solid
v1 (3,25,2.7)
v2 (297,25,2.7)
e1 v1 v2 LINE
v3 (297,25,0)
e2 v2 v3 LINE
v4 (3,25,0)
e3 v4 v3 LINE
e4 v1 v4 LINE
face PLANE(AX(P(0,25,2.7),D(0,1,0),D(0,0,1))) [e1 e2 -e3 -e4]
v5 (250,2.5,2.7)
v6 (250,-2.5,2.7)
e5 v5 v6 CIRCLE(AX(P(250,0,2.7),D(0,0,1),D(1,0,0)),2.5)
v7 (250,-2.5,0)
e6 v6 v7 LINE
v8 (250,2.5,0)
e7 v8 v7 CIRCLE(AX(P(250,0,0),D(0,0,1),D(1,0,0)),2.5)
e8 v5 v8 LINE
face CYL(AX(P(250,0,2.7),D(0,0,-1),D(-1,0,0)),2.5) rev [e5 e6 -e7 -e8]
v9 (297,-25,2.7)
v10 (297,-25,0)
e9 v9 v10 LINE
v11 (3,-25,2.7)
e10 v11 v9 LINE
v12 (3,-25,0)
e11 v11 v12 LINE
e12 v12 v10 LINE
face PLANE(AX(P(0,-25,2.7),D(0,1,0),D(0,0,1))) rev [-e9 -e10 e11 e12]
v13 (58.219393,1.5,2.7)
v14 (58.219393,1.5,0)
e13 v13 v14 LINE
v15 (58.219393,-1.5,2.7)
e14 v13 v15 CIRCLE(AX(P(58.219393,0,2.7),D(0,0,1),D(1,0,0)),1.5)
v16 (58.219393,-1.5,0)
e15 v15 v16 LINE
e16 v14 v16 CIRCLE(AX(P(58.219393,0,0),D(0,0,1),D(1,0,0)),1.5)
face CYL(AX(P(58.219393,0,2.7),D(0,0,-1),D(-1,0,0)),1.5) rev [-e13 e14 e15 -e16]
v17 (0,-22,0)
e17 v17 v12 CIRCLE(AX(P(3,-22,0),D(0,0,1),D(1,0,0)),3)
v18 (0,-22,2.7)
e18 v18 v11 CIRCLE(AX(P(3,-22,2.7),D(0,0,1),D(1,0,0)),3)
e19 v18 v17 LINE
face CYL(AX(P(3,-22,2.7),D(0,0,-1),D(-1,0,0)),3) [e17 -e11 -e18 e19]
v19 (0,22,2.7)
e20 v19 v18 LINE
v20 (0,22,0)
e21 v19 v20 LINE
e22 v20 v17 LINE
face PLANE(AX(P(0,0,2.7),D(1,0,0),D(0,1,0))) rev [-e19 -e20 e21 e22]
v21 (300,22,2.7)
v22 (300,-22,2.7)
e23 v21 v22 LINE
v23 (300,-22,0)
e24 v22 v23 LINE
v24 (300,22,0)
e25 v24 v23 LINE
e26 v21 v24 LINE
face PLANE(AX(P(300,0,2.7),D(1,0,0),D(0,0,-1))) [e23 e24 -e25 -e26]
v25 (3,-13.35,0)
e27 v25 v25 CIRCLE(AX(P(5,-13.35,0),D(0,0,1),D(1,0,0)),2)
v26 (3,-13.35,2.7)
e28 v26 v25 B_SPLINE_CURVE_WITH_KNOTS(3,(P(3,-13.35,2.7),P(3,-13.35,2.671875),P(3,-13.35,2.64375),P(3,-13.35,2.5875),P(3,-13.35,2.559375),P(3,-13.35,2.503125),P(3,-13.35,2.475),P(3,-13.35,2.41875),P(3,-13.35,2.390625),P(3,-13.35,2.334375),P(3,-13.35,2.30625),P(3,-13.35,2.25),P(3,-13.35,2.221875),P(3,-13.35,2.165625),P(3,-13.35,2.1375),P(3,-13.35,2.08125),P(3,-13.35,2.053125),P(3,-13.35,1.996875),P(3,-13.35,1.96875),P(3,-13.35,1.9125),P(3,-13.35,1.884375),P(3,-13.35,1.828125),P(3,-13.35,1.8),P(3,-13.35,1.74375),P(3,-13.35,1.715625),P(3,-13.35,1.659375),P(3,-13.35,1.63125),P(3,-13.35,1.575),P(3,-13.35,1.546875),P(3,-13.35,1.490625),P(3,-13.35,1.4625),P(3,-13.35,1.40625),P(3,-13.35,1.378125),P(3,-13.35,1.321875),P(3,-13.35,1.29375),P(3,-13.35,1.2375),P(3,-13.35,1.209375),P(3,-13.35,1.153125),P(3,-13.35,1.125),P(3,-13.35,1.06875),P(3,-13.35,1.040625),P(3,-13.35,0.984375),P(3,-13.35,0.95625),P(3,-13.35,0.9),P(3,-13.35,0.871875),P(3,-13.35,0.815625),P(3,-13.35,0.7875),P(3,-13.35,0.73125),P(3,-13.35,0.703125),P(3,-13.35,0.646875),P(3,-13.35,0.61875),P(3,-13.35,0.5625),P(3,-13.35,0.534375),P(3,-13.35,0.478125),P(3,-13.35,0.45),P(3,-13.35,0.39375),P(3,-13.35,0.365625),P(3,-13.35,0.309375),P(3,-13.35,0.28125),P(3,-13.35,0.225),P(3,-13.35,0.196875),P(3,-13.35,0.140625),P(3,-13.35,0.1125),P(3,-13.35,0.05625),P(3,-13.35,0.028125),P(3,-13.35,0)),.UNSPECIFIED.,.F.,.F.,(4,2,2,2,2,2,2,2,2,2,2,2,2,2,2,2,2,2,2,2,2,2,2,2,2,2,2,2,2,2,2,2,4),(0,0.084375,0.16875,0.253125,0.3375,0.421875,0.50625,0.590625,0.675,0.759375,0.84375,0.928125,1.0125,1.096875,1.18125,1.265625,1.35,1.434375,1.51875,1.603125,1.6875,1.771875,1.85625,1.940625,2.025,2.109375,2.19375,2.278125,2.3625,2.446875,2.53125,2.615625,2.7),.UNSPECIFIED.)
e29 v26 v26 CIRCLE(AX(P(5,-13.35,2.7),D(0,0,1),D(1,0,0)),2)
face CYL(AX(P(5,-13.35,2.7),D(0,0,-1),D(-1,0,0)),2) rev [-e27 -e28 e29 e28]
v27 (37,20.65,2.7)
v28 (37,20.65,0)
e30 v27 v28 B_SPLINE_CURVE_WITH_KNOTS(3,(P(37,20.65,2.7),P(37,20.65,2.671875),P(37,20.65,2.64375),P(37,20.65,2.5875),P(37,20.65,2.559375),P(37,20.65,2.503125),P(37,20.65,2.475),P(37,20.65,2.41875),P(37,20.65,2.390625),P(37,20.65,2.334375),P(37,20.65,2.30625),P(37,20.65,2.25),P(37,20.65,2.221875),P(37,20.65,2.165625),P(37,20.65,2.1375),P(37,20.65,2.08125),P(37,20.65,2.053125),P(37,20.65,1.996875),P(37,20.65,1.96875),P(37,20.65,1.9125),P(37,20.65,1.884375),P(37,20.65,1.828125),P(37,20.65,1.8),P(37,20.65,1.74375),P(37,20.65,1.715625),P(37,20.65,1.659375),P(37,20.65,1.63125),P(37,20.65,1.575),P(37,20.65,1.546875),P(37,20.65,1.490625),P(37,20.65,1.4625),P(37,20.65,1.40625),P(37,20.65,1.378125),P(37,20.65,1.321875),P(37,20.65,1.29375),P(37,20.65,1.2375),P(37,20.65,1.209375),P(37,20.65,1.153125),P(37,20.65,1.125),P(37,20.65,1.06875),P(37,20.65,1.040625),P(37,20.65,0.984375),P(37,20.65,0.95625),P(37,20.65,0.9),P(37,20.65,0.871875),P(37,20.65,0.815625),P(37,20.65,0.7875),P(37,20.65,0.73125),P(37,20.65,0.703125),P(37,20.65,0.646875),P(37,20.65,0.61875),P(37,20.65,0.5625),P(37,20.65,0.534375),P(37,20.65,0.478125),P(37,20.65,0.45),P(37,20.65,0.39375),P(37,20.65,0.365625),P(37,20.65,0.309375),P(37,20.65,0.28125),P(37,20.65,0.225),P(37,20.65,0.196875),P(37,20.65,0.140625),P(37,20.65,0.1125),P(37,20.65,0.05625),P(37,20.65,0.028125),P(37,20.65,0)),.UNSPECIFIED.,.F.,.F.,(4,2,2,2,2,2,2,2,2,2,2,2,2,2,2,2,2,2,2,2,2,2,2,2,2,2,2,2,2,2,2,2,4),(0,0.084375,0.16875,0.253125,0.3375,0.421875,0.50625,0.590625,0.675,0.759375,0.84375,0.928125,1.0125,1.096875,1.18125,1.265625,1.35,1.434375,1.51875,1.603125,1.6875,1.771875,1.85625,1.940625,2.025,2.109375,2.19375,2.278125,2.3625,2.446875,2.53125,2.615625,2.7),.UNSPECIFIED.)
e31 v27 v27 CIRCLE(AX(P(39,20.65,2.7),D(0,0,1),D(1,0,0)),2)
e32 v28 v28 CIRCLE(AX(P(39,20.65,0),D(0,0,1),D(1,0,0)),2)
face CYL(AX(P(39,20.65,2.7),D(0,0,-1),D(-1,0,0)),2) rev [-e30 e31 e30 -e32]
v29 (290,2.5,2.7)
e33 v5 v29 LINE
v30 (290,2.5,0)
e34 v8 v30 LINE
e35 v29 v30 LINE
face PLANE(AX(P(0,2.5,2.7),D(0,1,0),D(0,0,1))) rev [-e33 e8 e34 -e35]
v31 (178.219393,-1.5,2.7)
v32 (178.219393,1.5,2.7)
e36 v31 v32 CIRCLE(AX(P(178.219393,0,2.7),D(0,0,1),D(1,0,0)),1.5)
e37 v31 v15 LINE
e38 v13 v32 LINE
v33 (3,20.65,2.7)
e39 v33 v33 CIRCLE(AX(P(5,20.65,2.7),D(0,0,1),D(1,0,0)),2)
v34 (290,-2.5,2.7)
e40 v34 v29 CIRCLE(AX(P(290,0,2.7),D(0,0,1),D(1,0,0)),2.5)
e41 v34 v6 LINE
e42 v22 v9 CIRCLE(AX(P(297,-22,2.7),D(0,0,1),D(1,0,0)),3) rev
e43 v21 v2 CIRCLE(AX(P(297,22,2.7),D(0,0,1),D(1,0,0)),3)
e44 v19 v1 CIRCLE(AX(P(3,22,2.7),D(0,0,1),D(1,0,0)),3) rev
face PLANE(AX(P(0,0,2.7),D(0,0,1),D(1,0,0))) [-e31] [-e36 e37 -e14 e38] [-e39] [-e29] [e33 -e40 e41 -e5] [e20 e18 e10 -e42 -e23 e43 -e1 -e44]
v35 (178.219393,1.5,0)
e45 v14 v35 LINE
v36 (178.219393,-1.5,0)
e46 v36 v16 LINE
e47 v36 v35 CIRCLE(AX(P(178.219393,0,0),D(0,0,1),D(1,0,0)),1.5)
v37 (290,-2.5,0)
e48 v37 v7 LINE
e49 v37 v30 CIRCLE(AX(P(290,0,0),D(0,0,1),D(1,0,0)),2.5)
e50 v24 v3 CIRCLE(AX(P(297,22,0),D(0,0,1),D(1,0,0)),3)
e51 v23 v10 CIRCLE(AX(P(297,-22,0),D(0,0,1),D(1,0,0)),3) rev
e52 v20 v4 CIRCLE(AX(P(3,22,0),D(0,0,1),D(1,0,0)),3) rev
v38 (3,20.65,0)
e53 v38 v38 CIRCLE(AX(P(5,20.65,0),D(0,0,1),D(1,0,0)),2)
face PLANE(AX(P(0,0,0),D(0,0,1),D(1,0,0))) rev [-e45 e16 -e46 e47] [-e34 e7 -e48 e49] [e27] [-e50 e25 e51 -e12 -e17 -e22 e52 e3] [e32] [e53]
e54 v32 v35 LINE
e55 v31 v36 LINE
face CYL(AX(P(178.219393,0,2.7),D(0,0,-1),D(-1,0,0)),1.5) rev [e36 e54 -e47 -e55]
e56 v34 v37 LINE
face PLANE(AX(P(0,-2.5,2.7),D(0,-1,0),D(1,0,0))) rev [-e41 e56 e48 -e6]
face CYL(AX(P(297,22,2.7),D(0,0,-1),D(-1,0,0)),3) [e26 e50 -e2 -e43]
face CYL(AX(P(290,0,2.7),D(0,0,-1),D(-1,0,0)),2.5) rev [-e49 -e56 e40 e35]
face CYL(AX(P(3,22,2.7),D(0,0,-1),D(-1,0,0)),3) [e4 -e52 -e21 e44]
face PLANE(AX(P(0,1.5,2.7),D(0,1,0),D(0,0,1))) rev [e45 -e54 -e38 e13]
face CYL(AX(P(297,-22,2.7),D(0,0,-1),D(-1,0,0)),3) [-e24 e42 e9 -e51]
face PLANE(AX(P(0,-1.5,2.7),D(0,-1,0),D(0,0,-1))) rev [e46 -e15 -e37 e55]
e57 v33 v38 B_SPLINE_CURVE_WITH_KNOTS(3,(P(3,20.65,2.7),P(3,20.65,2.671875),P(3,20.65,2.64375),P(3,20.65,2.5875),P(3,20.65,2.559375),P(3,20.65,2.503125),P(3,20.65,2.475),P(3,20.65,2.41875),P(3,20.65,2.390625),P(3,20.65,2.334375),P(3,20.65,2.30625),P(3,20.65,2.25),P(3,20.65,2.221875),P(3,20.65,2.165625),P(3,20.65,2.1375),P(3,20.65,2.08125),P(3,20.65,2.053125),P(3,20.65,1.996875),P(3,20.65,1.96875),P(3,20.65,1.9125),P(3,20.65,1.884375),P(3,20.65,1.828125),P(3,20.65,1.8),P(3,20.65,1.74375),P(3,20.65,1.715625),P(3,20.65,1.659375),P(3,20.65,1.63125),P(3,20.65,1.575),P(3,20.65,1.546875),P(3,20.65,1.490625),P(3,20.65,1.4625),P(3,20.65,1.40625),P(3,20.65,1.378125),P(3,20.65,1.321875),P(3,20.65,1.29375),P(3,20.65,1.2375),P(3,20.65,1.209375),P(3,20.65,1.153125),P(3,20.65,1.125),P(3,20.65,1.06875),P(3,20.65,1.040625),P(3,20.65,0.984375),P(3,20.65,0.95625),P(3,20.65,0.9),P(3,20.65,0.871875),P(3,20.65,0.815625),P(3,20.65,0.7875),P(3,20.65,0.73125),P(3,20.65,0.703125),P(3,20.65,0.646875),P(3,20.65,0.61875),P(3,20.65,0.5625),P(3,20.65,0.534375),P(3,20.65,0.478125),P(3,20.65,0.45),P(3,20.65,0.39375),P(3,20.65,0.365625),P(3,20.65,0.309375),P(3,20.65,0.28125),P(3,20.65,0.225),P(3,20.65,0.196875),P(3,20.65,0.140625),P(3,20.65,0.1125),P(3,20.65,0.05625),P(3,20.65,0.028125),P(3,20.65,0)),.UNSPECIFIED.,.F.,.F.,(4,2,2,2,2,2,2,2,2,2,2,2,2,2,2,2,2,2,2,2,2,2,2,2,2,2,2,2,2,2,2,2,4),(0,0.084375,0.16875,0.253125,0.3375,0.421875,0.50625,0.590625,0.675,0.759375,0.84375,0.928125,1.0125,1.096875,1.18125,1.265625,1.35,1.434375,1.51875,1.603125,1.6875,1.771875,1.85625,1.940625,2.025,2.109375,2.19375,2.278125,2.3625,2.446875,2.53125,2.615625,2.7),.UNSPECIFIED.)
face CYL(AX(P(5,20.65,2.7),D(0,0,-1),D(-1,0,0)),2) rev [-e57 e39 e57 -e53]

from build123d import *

# Parameters (mm, degrees)
SKETCH_1_R      = 2
EXTRUDE_1_DEPTH = 2.7


with BuildPart() as part:
    # 草图1 → 凸台-拉伸1 (new body)
    with BuildSketch(Plane.XY):
        with BuildLine():
            Line((0, 22), (0, -22))
            ThreePointArc((0, -22), (0.878679656, -24.121320344), (3, -25))
            Line((3, -25), (297, -25))
            ThreePointArc((297, -25), (299.121320344, -24.121320344), (300, -22))
            Line((300, -22), (300, 22))
            ThreePointArc((300, 22), (299.121320344, 24.121320344), (297, 25))
            Line((297, 25), (3, 25))
            ThreePointArc((3, 25), (0.878679656, 24.121320344), (0, 22))
        make_face()
        with Locations(Location((5, 20.65, 0), (0, 0, 180))):
            Circle(SKETCH_1_R, mode=Mode.SUBTRACT)
        with Locations(Location((39, 20.65, 0), (0, 0, 180))):
            Circle(SKETCH_1_R, mode=Mode.SUBTRACT)
        with Locations(Location((5, -13.35, 0), (0, 0, 180))):
            Circle(SKETCH_1_R, mode=Mode.SUBTRACT)
        with BuildLine():
            Line((250, 2.5), (290, 2.5))
            ThreePointArc((290, 2.5), (292.5, 0), (290, -2.5))
            Line((290, -2.5), (250, -2.5))
            ThreePointArc((250, -2.5), (247.5, 0), (250, 2.5))
        make_face(mode=Mode.SUBTRACT)
        with BuildLine():
            Line((58.219392868, 1.5), (178.219392868, 1.5))
            ThreePointArc((178.219392868, 1.5), (179.719392868, 0), (178.219392868, -1.5))
            Line((178.219392868, -1.5), (58.219392868, -1.5))
            ThreePointArc((58.219392868, -1.5), (56.719392868, 0), (58.219392868, 1.5))
        make_face(mode=Mode.SUBTRACT)
    extrude(amount=EXTRUDE_1_DEPTH)


solid = part.part
